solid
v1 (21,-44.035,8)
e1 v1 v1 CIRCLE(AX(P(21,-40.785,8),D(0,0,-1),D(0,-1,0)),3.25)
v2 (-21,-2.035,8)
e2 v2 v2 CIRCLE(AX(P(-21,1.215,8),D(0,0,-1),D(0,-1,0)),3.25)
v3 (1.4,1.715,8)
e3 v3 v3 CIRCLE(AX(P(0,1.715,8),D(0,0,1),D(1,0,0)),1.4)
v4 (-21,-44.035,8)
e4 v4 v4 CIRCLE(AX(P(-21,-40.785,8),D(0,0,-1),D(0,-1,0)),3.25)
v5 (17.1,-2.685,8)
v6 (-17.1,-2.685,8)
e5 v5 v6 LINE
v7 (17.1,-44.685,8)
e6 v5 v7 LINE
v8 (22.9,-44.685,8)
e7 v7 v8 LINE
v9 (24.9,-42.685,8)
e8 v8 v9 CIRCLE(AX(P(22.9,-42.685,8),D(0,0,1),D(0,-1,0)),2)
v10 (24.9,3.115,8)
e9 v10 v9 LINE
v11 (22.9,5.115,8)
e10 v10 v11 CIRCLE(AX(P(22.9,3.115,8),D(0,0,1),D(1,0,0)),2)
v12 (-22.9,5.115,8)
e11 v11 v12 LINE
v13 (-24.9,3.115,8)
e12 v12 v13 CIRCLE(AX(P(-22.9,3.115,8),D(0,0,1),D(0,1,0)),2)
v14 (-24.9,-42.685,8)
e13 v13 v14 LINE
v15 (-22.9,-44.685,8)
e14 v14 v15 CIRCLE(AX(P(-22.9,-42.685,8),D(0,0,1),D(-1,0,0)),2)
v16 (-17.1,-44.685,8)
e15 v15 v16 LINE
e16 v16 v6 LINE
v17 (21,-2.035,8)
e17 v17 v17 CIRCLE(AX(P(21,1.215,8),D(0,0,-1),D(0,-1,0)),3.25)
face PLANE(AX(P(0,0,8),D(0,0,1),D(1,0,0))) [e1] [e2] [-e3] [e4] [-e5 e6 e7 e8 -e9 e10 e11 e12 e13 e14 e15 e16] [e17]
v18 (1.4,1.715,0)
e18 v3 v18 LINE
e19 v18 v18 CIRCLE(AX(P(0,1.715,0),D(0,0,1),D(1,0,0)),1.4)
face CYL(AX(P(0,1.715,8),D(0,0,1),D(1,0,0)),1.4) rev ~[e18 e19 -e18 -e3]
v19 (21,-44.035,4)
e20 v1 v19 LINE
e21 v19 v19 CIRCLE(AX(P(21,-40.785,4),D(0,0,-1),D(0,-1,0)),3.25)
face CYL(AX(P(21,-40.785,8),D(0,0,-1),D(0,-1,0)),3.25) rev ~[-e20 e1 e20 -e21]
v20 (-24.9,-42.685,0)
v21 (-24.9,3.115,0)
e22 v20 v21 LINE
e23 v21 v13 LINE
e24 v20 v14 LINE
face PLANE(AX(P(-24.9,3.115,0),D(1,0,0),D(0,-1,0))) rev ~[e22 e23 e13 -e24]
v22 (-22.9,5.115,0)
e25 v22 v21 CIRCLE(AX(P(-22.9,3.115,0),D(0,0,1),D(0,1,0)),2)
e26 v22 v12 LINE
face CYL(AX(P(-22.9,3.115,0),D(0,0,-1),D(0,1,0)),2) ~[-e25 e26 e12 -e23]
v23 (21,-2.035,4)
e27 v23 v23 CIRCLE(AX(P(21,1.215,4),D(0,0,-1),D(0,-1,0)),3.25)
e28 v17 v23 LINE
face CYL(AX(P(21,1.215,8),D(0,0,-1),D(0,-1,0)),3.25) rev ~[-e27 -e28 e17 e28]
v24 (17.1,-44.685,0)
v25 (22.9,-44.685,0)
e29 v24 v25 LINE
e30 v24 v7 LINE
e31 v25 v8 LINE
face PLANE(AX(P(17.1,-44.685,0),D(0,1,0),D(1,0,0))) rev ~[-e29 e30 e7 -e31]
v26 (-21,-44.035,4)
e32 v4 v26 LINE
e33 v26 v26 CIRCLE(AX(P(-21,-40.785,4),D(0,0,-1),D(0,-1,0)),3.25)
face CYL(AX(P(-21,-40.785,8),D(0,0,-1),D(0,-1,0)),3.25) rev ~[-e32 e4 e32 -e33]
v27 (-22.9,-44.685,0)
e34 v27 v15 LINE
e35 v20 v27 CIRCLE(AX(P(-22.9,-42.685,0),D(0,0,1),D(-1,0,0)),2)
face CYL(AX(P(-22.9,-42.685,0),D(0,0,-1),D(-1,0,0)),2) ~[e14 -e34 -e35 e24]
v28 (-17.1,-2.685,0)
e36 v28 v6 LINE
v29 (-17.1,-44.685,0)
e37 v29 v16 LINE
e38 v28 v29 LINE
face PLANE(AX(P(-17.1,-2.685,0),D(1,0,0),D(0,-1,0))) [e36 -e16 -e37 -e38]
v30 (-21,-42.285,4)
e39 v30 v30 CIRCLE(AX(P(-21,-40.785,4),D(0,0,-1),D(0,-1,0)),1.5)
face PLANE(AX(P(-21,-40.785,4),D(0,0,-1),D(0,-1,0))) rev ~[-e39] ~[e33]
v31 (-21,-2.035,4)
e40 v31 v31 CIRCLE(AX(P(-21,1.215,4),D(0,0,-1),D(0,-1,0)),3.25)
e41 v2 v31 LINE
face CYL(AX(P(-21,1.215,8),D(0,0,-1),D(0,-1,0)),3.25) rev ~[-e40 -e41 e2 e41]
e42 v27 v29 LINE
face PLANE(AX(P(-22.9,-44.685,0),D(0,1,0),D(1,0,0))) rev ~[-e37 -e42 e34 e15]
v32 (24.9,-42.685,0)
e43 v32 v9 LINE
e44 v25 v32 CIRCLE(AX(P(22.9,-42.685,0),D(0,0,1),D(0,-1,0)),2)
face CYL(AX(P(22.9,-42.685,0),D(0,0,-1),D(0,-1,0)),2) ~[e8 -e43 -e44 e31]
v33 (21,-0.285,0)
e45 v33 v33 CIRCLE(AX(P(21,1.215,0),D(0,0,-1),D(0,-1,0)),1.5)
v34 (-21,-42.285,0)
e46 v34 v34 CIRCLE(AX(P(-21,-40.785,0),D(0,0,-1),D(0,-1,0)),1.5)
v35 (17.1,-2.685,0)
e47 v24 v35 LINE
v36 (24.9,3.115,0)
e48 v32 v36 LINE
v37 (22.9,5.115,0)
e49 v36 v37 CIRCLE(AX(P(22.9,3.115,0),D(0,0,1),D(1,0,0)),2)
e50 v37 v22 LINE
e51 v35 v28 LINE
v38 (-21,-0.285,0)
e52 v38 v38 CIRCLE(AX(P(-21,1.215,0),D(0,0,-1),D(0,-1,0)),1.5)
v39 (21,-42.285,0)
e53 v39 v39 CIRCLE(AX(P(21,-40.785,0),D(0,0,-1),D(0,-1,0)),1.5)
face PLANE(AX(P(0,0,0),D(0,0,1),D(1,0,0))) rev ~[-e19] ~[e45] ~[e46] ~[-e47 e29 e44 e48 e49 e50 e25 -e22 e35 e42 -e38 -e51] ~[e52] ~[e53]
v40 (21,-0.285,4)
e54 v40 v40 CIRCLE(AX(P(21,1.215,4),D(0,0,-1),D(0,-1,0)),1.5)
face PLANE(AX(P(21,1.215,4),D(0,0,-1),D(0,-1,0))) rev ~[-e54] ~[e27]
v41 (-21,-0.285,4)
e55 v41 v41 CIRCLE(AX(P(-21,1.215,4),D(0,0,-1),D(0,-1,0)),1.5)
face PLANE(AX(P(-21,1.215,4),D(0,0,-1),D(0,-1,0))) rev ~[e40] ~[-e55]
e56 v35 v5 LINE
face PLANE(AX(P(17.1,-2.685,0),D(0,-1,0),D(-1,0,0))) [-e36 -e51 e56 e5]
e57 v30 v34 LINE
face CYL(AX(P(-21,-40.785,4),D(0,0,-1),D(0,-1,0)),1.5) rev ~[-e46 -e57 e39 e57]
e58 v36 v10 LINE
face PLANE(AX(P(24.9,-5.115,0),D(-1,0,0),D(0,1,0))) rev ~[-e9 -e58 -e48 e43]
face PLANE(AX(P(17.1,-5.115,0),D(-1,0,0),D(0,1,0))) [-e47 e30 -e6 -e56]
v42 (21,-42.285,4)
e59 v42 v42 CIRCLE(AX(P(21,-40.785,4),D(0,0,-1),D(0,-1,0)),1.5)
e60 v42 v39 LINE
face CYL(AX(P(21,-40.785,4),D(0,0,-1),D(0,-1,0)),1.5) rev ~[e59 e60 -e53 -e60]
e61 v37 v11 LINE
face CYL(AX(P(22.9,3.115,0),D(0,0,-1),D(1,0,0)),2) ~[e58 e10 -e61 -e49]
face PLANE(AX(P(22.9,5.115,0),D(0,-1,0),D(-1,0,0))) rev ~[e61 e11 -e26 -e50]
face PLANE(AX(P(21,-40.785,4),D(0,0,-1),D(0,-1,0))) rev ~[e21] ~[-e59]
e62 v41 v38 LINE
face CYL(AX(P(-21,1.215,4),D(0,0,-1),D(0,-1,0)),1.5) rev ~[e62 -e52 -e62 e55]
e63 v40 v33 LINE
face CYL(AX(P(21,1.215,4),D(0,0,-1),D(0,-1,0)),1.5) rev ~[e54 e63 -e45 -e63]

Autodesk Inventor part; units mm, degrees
ref_plane "YZ Plane" through (0, 0, 0) normal (1, 0, 0) x (0, 1, 0)
ref_plane "XZ Plane" through (0, 0, 0) normal (0, 1, 0) x (-1, 0, 0)
ref_plane "XY Plane" through (0, 0, 0) normal (0, 0, 1) x (1, 0, 0)
sketch "Sketch1" plane through (0, 0, 0) normal (0, 0, 1) x (1, 0, 0)
  circle A0 centre (-21, 1.215) radius 1.4 projected
  circle A1 centre (21, 1.215) radius 1.4 projected
  arc A2 (24.9, 3.115) -> (22.9, 5.115) centre (22.9, 3.115) ccw projected
  line L0 (22.9, 5.115) -> (-22.9, 5.115) projected
  arc A3 (-22.9, 5.115) -> (-24.9, 3.115) centre (-22.9, 3.115) ccw projected
  line L1 (-24.9, 3.115) -> (-24.9, -5.115) projected
  line L2 (-24.9, -5.115) -> (-22.8395, -5.115) projected
  line L3 (24.9, -5.115) -> (24.9, 3.115) projected
  arc A4 (22.9, -44.685) -> (24.9, -42.685) centre (22.9, -42.685) ccw projected
  line L4 (24.9, -42.685) -> (24.9, -36.885) projected
  line L5 (24.9, -36.885) -> (17.1, -36.885) projected
  line L6 (17.1, -36.885) -> (17.1, -44.685) projected
  line L7 (17.1, -44.685) -> (22.9, -44.685) projected
  circle A5 centre (21, -40.785) radius 1.4 projected
  arc A6 (-24.9, -42.685) -> (-22.9, -44.685) centre (-22.9, -42.685) ccw projected
  line L8 (-22.9, -44.685) -> (-17.1, -44.685) projected
  line L9 (-17.1, -44.685) -> (-17.1, -36.885) projected
  line L10 (-17.1, -36.885) -> (-24.9, -36.885) projected
  line L11 (-24.9, -36.885) -> (-24.9, -42.685) projected
  circle A7 centre (-21, -40.785) radius 1.4 projected
  line L12 (24.9, 5.115) -> (-24.9, 5.115)
  line L13 (-24.9, 5.115) -> (-24.9, -44.685)
  line L14 (-24.9, -44.685) -> (24.9, -44.685)
  line L15 (24.9, -44.685) -> (24.9, 5.115)
  line L16 (17.1, -2.685) -> (-17.1, -2.685)
  line L17 (-17.1, -2.685) -> (-17.1, -36.885)
  line L18 (-17.1, -36.885) -> (17.1, -36.885)
  line L19 (17.1, -36.885) -> (17.1, -2.685)
  line L20 (17.1, -36.885) -> (17.1, -44.685)
  line L21 (-17.1, -36.885) -> (-17.1, -44.685)
  circle A8 centre (0, 1.415) radius 1.4 projected
  arc A9 (-18.2605, -5.115) -> (-22.8395, -5.115) centre (-20.55, -5.335) ccw projected
  arc A10 (22.8395, -5.115) -> (18.2605, -5.115) centre (20.55, -5.335) ccw projected
  circle A11 centre (14.45, 0.765) radius 2.3 projected
  circle A12 centre (-14.45, 0.765) radius 2.3 projected
  line L22 (-18.2605, -5.115) -> (18.2605, -5.115) projected
  line L23 (22.8395, -5.115) -> (24.9, -5.115) projected
  point P0 (0, 0)
  point P1 (-20.55, -5.335)
  point P2 (20.55, -5.335)
  point P3 (-20.55, -5.335)
  point P4 (20.55, -5.335)
  point P5 (-20.55, -5.335)
  point P6 (20.55, -5.335)
  dimension "d0" = 7.8
extrude "Extrusion1" add sketch "Sketch1" along normal blind 8 contours L3 L23 A10 L22 L19 L16 L17 A9 L2 L1 A3 L0 A2 | L15 L5 L19 L22 A10 L23 | L4 A4 L7 L6 L5 | L2 A9 L22 L17 L10 L13 | L9 L8 A6 L11 L10 | A8 | A11 | A12
sketch "Sketch2" plane through (0, 0, 8) normal (0, 0, 1) x (1, 0, 0)
  circle A0 centre (0, 1.715) radius 1.4
  line L0 (22.9, 5.115) -> (-22.9, 5.115) projected
  point P0 (0, 0)
  dimension "d3" = 2.8
  dimension "d4" = 3.4
extrude "Extrusion2" cut sketch "Sketch2" against normal blind 8
ref_plane "Arbeitsebene1" through (15.3065, -4.4785, 13.1) normal (0, 0, 1) x (0, 1, 0)
sketch "Skizze3" plane through (15.3065, -4.4785, 13.1) normal (0, 0, 1) x (0, 1, 0)
  line L0 (-0.7065, 32.7565) -> (-31.2065, 32.7565) projected
  arc A0 (1.2935, 30.7565) -> (-0.7065, 32.7565) centre (-0.7065, 30.7565) ccw projected
  line L1 (1.2935, 30.7565) -> (1.2935, 0.2565) projected
  arc A1 (-0.7065, -1.7435) -> (1.2935, 0.2565) centre (-0.7065, 0.2565) ccw projected
  line L2 (-0.7065, -1.7435) -> (-31.2065, -1.7435) projected
  arc A2 (-33.2065, 0.2565) -> (-31.2065, -1.7435) centre (-31.2065, 0.2565) ccw projected
  line L3 (-33.2065, 0.2565) -> (-33.2065, 30.7565) projected
  arc A3 (-31.2065, 32.7565) -> (-33.2065, 30.7565) centre (-31.2065, 30.7565) ccw projected
  line L4 (-38.9565, -9.4935) -> (-20.9565, -9.4935) projected
  arc A4 (7.0435, -9.4935) -> (9.0435, -7.4935) centre (7.0435, -7.4935) ccw projected
  line L5 (9.0435, 10.5065) -> (9.0435, -7.4935) projected
  line L6 (9.0435, 10.5065) -> (10.195, 10.5065) projected
  arc A5 (10.6845, 10.1086) -> (10.195, 10.5065) centre (10.195, 10.0065) ccw projected
  arc A6 (10.6845, 10.1086) -> (14.5435, 10.5065) centre (12.5935, 10.5065) ccw projected
  line L7 (14.5435, 10.5065) -> (14.5435, 20.6065) projected
  line L8 (9.0435, 38.5065) -> (9.0435, 20.5065) projected
  arc A7 (9.0435, 38.5065) -> (7.0435, 40.5065) centre (7.0435, 38.5065) ccw projected
  line L9 (-21.0689, 40.5065) -> (-38.9565, 40.5065) projected
  line L10 (7.0435, 40.5065) -> (-10.8565, 40.5065) projected
  arc A8 (-38.9565, 40.5065) -> (-40.9565, 38.5065) centre (-38.9565, 38.5065) ccw projected
  line L11 (-40.9565, 20.6065) -> (-40.9565, 38.5065) projected
  line L12 (-40.9565, -7.4935) -> (-40.9565, 10.3942) projected
  arc A9 (-40.9565, -7.4935) -> (-38.9565, -9.4935) centre (-38.9565, -7.4935) ccw projected
  line L13 (-20.9565, -9.4935) -> (-20.9565, -10.645) projected
  arc A10 (-21.3545, -11.1345) -> (-20.9565, -10.645) centre (-21.4565, -10.645) ccw projected
  arc A11 (-21.3545, -11.1345) -> (-20.9565, -14.9935) centre (-20.9565, -13.0435) ccw projected
  line L14 (-20.9565, -14.9935) -> (-10.8565, -14.9935) projected
  circle A12 centre (-15.9565, -5.8535) radius 1.6 projected
  circle A13 centre (5.4035, 15.5065) radius 1.6 projected
  line L15 (-21.0689, 39.3752) -> (-21.0689, 40.5065) projected
  line L16 (-40.9565, 20.6065) -> (-39.8237, 20.6065) projected
  arc A14 (-39.8237, 20.6065) -> (-39.429, 20.9412) centre (-39.8237, 21.0065) ccw projected
  arc A15 (-35.3565, 20.6065) -> (-39.429, 20.9412) centre (-37.4065, 20.6065) ccw projected
  line L17 (-35.3565, 20.6065) -> (-35.3565, 10.5065) projected
  arc A16 (-39.4194, 10.1183) -> (-35.3565, 10.5065) centre (-37.4065, 10.5065) ccw projected
  arc A17 (-39.4194, 10.1183) -> (-39.8252, 10.3942) centre (-39.7609, 10.0524) ccw projected
  line L18 (-39.8252, 10.3942) -> (-40.9565, 10.3942) projected
  arc A18 (-10.8565, -14.9935) -> (-10.5382, -11.1196) centre (-10.8565, -13.0435) ccw projected
  arc A19 (-10.9565, -10.6263) -> (-10.5382, -11.1196) centre (-10.4565, -10.6263) ccw projected
  line L19 (-10.9565, -10.6263) -> (-10.9565, -9.4935) projected
  line L20 (-10.9565, -9.4935) -> (7.0435, -9.4935) projected
  arc A20 (14.5435, 20.6065) -> (10.6696, 20.9249) centre (12.5935, 20.6065) ccw projected
  arc A21 (10.1763, 20.5065) -> (10.6696, 20.9249) centre (10.1763, 21.0065) ccw projected
  line L21 (10.1763, 20.5065) -> (9.0435, 20.5065) projected
  line L22 (-10.8565, 40.5065) -> (-10.8565, 39.3737) projected
  arc A22 (-10.8565, 39.3737) -> (-10.5218, 38.979) centre (-10.4565, 39.3737) ccw projected
  arc A23 (-10.8565, 34.9065) -> (-10.5218, 38.979) centre (-10.8565, 36.9565) ccw projected
  line L23 (-10.8565, 34.9065) -> (-20.9565, 34.9065) projected
  arc A24 (-21.3448, 38.9694) -> (-20.9565, 34.9065) centre (-20.9565, 36.9565) ccw projected
  arc A25 (-21.3448, 38.9694) -> (-21.0689, 39.3752) centre (-21.4107, 39.3109) ccw projected
  circle A26 centre (4.0435, -4.4935) radius 2.45 projected
  circle A27 centre (-1.4565, -5.2935) radius 2.3 projected
  circle A28 centre (4.8435, 1.0065) radius 2.3 projected
  circle A29 centre (4.8435, 30.0065) radius 2.3 projected
  circle A30 centre (-1.4565, 36.3065) radius 2.3 projected
  circle A31 centre (4.0435, 35.5065) radius 2.45 projected
  circle A32 centre (-36.7565, 1.0065) radius 2.3 projected
  circle A33 centre (-30.4565, -5.2935) radius 2.3 projected
  circle A34 centre (-35.9565, -4.4935) radius 2.45 projected
  circle A35 centre (-36.7565, 30.0065) radius 2.3 projected
  circle A36 centre (-30.4565, 36.3065) radius 2.3 projected
  circle A37 centre (-35.9565, 35.5065) radius 2.45 projected
  point P0 (4.4785, 15.3065)
hole "Bohrung1" [suppressed]
sketch "Skizze4" plane through (0, 0, 8) normal (0, 0, 1) x (1, 0, 0)
  circle A0 centre (0, 1.715) radius 1.4 projected
  line L0 (17.1, -2.685) -> (17.1, -44.685) projected
  line L1 (17.1, -44.685) -> (22.9, -44.685) projected
  arc A1 (22.9, -44.685) -> (24.9, -42.685) centre (22.9, -42.685) ccw projected
  line L2 (24.9, -42.685) -> (24.9, 3.115) projected
  arc A2 (24.9, 3.115) -> (22.9, 5.115) centre (22.9, 3.115) ccw projected
  line L3 (22.9, 5.115) -> (-22.9, 5.115) projected
  arc A3 (-22.9, 5.115) -> (-24.9, 3.115) centre (-22.9, 3.115) ccw projected
  line L4 (-24.9, 3.115) -> (-24.9, -42.685) projected
  arc A4 (-24.9, -42.685) -> (-22.9, -44.685) centre (-22.9, -42.685) ccw projected
  line L5 (-22.9, -44.685) -> (-17.1, -44.685) projected
  line L6 (-17.1, -44.685) -> (-17.1, -2.685) projected
  line L7 (-17.1, -2.685) -> (17.1, -2.685) projected
  circle A5 centre (-21, -40.785) radius 1.4 projected
  circle A6 centre (21, -40.785) radius 1.4 projected
  circle A7 centre (-21, 1.215) radius 1.4 projected
  circle A8 centre (21, 1.215) radius 1.4 projected
  point P0 (0, 0)
hole "Bohrung2" at (-21, 1.215, 8) at (21, 1.215, 8) at (21, -40.785, 8) at (-21, -40.785, 8) direction (0, 0, -1) diameter 3 end through all counterbore diameter 6.5 counterbore depth 4
properties part number "00_Linear_Stage_NEMA11_Mount_Lid"
